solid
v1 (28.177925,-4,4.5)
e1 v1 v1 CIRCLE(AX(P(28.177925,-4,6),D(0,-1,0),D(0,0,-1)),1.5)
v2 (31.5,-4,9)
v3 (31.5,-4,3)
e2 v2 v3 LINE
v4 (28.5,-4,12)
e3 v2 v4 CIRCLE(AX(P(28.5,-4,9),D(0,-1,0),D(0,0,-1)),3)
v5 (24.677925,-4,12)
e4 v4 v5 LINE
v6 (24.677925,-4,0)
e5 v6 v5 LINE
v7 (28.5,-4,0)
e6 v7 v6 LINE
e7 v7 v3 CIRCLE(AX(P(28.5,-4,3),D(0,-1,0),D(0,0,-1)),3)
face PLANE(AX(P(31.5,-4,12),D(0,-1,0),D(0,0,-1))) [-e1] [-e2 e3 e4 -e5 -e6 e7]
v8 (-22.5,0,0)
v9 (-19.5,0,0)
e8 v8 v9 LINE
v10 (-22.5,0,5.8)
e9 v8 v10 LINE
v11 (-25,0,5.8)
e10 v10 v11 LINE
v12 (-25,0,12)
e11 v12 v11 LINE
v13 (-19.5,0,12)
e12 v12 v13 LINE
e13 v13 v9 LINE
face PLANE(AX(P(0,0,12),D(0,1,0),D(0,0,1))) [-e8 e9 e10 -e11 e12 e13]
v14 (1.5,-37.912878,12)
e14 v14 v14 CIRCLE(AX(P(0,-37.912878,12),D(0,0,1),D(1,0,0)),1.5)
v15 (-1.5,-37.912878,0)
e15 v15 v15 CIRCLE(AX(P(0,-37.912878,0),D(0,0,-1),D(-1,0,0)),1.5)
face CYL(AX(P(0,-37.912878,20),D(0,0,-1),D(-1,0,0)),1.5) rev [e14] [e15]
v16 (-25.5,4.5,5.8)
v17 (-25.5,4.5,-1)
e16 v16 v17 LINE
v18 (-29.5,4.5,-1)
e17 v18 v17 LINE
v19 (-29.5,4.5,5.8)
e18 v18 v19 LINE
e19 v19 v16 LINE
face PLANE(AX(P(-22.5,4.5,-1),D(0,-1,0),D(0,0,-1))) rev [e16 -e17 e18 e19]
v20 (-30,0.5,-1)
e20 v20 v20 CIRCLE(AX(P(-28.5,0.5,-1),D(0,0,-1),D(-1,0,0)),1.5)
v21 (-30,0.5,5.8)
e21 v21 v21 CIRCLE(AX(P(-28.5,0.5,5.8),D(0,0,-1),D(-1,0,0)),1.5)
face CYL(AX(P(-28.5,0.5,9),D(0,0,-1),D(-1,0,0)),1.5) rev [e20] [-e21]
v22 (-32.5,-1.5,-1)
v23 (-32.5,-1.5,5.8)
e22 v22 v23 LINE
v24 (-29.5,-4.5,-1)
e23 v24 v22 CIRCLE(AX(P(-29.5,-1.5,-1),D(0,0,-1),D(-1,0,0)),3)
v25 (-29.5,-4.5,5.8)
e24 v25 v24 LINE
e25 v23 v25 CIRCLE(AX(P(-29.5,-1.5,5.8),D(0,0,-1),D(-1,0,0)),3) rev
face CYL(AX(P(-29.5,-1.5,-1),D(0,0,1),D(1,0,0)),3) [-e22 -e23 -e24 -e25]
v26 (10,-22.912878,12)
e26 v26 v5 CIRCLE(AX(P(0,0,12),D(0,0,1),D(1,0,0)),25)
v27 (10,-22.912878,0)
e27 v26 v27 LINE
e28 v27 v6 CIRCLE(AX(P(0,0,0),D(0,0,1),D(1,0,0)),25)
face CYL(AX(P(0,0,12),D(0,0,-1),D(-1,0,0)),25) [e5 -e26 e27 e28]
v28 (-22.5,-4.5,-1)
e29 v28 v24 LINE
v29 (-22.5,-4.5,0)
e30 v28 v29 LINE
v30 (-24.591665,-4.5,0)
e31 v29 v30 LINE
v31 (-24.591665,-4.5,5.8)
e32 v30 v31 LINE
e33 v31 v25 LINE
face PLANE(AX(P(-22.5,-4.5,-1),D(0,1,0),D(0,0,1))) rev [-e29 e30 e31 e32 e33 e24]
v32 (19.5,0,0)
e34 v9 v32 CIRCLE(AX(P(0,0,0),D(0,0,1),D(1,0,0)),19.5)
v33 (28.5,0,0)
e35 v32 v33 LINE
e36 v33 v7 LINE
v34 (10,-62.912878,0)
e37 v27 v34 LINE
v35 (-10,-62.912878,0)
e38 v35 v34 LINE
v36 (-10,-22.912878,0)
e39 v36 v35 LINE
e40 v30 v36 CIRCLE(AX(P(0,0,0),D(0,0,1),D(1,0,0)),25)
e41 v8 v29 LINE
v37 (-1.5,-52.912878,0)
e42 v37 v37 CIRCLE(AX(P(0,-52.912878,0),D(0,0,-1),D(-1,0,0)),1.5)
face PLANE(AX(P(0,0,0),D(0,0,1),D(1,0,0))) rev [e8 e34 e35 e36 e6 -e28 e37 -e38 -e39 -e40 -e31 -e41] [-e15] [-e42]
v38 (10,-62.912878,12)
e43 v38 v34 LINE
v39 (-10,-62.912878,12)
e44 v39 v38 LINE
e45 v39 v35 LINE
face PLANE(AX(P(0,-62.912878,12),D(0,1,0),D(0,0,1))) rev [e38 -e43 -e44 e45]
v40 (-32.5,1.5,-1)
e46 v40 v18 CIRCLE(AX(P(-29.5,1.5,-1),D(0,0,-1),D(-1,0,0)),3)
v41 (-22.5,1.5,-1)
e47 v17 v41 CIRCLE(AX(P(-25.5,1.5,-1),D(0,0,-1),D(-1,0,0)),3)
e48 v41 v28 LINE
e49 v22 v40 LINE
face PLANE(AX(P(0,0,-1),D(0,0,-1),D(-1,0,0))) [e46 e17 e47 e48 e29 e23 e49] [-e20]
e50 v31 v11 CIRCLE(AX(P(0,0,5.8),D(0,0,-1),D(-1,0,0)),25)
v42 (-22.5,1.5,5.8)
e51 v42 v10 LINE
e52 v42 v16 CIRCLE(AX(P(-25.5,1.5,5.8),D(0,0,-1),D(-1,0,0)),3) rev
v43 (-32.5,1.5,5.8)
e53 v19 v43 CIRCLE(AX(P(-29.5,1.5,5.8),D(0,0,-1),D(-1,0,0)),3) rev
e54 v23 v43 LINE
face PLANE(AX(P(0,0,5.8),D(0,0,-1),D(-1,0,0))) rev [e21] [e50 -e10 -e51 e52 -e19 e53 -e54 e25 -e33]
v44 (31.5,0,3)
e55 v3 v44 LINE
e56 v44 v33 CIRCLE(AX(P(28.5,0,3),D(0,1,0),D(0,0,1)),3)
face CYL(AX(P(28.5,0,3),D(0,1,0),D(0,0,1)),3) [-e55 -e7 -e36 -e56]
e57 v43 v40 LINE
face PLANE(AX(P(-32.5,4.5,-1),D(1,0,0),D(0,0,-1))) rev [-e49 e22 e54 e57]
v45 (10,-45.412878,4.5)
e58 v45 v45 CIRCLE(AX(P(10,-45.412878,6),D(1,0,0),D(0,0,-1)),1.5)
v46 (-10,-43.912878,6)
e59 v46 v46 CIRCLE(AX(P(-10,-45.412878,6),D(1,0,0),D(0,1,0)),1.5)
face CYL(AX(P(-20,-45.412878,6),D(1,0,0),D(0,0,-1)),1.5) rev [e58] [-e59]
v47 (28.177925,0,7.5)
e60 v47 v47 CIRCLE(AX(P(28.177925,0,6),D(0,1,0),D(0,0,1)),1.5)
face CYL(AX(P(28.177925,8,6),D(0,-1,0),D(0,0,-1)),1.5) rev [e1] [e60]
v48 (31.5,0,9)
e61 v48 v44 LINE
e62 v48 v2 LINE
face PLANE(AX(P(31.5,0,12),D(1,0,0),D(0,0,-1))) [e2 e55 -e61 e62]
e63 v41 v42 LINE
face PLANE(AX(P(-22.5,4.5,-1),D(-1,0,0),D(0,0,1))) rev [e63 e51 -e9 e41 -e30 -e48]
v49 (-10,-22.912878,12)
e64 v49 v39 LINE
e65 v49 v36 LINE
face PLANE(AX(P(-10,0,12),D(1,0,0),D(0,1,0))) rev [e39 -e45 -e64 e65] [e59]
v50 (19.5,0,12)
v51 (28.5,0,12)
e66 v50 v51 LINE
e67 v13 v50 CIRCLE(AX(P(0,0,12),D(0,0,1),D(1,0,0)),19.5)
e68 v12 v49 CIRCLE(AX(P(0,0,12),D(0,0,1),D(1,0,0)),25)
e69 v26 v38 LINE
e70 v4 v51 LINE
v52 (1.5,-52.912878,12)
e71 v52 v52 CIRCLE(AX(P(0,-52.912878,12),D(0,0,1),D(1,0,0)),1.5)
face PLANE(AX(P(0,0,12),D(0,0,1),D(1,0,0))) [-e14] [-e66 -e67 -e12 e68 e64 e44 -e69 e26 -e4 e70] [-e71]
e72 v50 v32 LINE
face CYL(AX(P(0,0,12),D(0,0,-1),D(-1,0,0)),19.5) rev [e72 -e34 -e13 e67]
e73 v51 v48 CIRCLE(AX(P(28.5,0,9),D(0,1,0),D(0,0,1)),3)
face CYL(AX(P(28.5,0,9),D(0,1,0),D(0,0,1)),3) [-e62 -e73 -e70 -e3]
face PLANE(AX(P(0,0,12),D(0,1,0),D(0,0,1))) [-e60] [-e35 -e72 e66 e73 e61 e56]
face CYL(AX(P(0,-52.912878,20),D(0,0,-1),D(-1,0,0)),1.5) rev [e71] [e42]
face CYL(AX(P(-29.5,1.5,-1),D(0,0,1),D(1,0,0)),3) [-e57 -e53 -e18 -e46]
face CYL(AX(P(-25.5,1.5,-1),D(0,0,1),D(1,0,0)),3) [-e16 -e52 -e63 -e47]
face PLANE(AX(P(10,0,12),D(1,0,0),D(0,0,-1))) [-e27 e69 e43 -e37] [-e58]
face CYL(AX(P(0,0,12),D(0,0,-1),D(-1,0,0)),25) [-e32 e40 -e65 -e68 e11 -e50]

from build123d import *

# Parameters (mm, degrees)
BOSS_EXTRUDE8_DEPTH      = 12
SKETCH2_W                = 10
SKETCH2_H                = 9
BOSS_EXTRUDE9_DEPTH      = 1
BOSS_EXTRUDE9_DEPTH_BACK = 5.8
SKETCH3_R                = 1.5
CUT_EXTRUDE1_DEPTH       = 10
SKETCH4_W                = 8
SKETCH4_H                = 4
BOSS_EXTRUDE10_DEPTH     = 12
SKETCH5_R                = 1.5
CUT_EXTRUDE2_DEPTH       = 12
FILLET2_R                = 3
FILLET3_R                = 3
FILLET4_R                = 3
FILLET5_R                = 3
FILLET6_R                = 3
SKETCH6_R                = 1.5
CUT_EXTRUDE4_DEPTH       = 20
SKETCH7_R                = 1.5
CUT_EXTRUDE5_DEPTH       = 30


with BuildPart() as part:
    # Sketch1 → Boss-Extrude8 (new body)
    with BuildSketch(Plane.XY):
        with BuildLine():
            Line((25, 0), (19.5, 0))
            ThreePointArc((19.5, 0), (0, -19.5), (-19.5, 0))
            Line((-19.5, 0), (-25, 0))
            ThreePointArc((-25, 0), (-20.916500663, -13.693063938), (-10, -22.912878475))
            ThreePointArc((-10, -22.912878475), (0, -25), (10, -22.912878475))
            ThreePointArc((10, -22.912878475), (20.916500663, -13.693063938), (25, 0))
        make_face()
        with BuildLine():
            Line((10, -62.912878475), (10, -22.912878475))
            ThreePointArc((10, -22.912878475), (0, -25), (-10, -22.912878475))
            Line((-10, -22.912878475), (-10, -62.912878475))
            Line((-10, -62.912878475), (10, -62.912878475))
        make_face()
    extrude(amount=BOSS_EXTRUDE8_DEPTH)

    # Sketch2 → Boss-Extrude9 (add, two sides)
    with BuildSketch(Plane(origin=(0, 0, 0), x_dir=(-1, 0, 0), z_dir=(0, 0, -1))) as boss_extrude9_sk:
        with Locations((27.5, 0)):
            Rectangle(SKETCH2_W, SKETCH2_H)
    extrude(amount=BOSS_EXTRUDE9_DEPTH)
    extrude(boss_extrude9_sk.sketch, amount=-BOSS_EXTRUDE9_DEPTH_BACK)

    # Sketch3 → Cut-Extrude1 (cut)
    with BuildSketch(Plane(origin=(0, 0, -1), x_dir=(-1, 0, 0), z_dir=(0, 0, -1))):
        with Locations((28.5, 0.5)):
            Circle(SKETCH3_R)
    extrude(amount=-CUT_EXTRUDE1_DEPTH, mode=Mode.SUBTRACT)

    # Sketch4 → Boss-Extrude10 (add)
    with BuildSketch(Plane(origin=(0, 0, 0), x_dir=(-1, 0, 0), z_dir=(0, 0, -1))):
        with Locations((-27.5, -2)):
            Rectangle(SKETCH4_W, SKETCH4_H)
    extrude(amount=-BOSS_EXTRUDE10_DEPTH)

    # Sketch5 → Cut-Extrude2 (cut)
    with BuildSketch(Plane.XZ.offset(4)):
        with Locations((28.177925359, 6)):
            Circle(SKETCH5_R)
    extrude(amount=-CUT_EXTRUDE2_DEPTH, mode=Mode.SUBTRACT)

    # Fillet2
    fillet2_edges = [part.edges().sort_by_distance(p)[0] for p in [
        (-32.5, -4.5, 2.4),
    ]]
    fillet(fillet2_edges, radius=FILLET2_R)

    # Fillet3
    fillet3_edges = [part.edges().sort_by_distance(p)[0] for p in [
        (-32.5, 4.5, 2.4),
    ]]
    fillet(fillet3_edges, radius=FILLET3_R)

    # Fillet4
    fillet4_edges = [part.edges().sort_by_distance(p)[0] for p in [
        (-22.5, 4.5, 2.4),
    ]]
    fillet(fillet4_edges, radius=FILLET4_R)

    # Fillet5
    fillet5_edges = [part.edges().sort_by_distance(p)[0] for p in [
        (31.5, -2, 0),
    ]]
    fillet(fillet5_edges, radius=FILLET5_R)

    # Fillet6
    fillet6_edges = [part.edges().sort_by_distance(p)[0] for p in [
        (31.5, -2, 12),
    ]]
    fillet(fillet6_edges, radius=FILLET6_R)

    # Sketch6 → Cut-Extrude4 (cut)
    with BuildSketch(Plane(origin=(0, 0, 0), x_dir=(-1, 0, 0), z_dir=(0, 0, -1))):
        with Locations((0, -37.912878475)):
            Circle(SKETCH6_R)
        with Locations((0, -52.912878475)):
            Circle(SKETCH6_R)
    extrude(amount=-CUT_EXTRUDE4_DEPTH, mode=Mode.SUBTRACT)

    # Sketch7 → Cut-Extrude5 (cut)
    with BuildSketch(Plane(origin=(10, 0, 0), x_dir=(0, 0, -1), z_dir=(1, 0, 0))):
        with Locations((-6, -45.412878475)):
            Circle(SKETCH7_R)
    extrude(amount=-CUT_EXTRUDE5_DEPTH, mode=Mode.SUBTRACT)


solid = part.part
